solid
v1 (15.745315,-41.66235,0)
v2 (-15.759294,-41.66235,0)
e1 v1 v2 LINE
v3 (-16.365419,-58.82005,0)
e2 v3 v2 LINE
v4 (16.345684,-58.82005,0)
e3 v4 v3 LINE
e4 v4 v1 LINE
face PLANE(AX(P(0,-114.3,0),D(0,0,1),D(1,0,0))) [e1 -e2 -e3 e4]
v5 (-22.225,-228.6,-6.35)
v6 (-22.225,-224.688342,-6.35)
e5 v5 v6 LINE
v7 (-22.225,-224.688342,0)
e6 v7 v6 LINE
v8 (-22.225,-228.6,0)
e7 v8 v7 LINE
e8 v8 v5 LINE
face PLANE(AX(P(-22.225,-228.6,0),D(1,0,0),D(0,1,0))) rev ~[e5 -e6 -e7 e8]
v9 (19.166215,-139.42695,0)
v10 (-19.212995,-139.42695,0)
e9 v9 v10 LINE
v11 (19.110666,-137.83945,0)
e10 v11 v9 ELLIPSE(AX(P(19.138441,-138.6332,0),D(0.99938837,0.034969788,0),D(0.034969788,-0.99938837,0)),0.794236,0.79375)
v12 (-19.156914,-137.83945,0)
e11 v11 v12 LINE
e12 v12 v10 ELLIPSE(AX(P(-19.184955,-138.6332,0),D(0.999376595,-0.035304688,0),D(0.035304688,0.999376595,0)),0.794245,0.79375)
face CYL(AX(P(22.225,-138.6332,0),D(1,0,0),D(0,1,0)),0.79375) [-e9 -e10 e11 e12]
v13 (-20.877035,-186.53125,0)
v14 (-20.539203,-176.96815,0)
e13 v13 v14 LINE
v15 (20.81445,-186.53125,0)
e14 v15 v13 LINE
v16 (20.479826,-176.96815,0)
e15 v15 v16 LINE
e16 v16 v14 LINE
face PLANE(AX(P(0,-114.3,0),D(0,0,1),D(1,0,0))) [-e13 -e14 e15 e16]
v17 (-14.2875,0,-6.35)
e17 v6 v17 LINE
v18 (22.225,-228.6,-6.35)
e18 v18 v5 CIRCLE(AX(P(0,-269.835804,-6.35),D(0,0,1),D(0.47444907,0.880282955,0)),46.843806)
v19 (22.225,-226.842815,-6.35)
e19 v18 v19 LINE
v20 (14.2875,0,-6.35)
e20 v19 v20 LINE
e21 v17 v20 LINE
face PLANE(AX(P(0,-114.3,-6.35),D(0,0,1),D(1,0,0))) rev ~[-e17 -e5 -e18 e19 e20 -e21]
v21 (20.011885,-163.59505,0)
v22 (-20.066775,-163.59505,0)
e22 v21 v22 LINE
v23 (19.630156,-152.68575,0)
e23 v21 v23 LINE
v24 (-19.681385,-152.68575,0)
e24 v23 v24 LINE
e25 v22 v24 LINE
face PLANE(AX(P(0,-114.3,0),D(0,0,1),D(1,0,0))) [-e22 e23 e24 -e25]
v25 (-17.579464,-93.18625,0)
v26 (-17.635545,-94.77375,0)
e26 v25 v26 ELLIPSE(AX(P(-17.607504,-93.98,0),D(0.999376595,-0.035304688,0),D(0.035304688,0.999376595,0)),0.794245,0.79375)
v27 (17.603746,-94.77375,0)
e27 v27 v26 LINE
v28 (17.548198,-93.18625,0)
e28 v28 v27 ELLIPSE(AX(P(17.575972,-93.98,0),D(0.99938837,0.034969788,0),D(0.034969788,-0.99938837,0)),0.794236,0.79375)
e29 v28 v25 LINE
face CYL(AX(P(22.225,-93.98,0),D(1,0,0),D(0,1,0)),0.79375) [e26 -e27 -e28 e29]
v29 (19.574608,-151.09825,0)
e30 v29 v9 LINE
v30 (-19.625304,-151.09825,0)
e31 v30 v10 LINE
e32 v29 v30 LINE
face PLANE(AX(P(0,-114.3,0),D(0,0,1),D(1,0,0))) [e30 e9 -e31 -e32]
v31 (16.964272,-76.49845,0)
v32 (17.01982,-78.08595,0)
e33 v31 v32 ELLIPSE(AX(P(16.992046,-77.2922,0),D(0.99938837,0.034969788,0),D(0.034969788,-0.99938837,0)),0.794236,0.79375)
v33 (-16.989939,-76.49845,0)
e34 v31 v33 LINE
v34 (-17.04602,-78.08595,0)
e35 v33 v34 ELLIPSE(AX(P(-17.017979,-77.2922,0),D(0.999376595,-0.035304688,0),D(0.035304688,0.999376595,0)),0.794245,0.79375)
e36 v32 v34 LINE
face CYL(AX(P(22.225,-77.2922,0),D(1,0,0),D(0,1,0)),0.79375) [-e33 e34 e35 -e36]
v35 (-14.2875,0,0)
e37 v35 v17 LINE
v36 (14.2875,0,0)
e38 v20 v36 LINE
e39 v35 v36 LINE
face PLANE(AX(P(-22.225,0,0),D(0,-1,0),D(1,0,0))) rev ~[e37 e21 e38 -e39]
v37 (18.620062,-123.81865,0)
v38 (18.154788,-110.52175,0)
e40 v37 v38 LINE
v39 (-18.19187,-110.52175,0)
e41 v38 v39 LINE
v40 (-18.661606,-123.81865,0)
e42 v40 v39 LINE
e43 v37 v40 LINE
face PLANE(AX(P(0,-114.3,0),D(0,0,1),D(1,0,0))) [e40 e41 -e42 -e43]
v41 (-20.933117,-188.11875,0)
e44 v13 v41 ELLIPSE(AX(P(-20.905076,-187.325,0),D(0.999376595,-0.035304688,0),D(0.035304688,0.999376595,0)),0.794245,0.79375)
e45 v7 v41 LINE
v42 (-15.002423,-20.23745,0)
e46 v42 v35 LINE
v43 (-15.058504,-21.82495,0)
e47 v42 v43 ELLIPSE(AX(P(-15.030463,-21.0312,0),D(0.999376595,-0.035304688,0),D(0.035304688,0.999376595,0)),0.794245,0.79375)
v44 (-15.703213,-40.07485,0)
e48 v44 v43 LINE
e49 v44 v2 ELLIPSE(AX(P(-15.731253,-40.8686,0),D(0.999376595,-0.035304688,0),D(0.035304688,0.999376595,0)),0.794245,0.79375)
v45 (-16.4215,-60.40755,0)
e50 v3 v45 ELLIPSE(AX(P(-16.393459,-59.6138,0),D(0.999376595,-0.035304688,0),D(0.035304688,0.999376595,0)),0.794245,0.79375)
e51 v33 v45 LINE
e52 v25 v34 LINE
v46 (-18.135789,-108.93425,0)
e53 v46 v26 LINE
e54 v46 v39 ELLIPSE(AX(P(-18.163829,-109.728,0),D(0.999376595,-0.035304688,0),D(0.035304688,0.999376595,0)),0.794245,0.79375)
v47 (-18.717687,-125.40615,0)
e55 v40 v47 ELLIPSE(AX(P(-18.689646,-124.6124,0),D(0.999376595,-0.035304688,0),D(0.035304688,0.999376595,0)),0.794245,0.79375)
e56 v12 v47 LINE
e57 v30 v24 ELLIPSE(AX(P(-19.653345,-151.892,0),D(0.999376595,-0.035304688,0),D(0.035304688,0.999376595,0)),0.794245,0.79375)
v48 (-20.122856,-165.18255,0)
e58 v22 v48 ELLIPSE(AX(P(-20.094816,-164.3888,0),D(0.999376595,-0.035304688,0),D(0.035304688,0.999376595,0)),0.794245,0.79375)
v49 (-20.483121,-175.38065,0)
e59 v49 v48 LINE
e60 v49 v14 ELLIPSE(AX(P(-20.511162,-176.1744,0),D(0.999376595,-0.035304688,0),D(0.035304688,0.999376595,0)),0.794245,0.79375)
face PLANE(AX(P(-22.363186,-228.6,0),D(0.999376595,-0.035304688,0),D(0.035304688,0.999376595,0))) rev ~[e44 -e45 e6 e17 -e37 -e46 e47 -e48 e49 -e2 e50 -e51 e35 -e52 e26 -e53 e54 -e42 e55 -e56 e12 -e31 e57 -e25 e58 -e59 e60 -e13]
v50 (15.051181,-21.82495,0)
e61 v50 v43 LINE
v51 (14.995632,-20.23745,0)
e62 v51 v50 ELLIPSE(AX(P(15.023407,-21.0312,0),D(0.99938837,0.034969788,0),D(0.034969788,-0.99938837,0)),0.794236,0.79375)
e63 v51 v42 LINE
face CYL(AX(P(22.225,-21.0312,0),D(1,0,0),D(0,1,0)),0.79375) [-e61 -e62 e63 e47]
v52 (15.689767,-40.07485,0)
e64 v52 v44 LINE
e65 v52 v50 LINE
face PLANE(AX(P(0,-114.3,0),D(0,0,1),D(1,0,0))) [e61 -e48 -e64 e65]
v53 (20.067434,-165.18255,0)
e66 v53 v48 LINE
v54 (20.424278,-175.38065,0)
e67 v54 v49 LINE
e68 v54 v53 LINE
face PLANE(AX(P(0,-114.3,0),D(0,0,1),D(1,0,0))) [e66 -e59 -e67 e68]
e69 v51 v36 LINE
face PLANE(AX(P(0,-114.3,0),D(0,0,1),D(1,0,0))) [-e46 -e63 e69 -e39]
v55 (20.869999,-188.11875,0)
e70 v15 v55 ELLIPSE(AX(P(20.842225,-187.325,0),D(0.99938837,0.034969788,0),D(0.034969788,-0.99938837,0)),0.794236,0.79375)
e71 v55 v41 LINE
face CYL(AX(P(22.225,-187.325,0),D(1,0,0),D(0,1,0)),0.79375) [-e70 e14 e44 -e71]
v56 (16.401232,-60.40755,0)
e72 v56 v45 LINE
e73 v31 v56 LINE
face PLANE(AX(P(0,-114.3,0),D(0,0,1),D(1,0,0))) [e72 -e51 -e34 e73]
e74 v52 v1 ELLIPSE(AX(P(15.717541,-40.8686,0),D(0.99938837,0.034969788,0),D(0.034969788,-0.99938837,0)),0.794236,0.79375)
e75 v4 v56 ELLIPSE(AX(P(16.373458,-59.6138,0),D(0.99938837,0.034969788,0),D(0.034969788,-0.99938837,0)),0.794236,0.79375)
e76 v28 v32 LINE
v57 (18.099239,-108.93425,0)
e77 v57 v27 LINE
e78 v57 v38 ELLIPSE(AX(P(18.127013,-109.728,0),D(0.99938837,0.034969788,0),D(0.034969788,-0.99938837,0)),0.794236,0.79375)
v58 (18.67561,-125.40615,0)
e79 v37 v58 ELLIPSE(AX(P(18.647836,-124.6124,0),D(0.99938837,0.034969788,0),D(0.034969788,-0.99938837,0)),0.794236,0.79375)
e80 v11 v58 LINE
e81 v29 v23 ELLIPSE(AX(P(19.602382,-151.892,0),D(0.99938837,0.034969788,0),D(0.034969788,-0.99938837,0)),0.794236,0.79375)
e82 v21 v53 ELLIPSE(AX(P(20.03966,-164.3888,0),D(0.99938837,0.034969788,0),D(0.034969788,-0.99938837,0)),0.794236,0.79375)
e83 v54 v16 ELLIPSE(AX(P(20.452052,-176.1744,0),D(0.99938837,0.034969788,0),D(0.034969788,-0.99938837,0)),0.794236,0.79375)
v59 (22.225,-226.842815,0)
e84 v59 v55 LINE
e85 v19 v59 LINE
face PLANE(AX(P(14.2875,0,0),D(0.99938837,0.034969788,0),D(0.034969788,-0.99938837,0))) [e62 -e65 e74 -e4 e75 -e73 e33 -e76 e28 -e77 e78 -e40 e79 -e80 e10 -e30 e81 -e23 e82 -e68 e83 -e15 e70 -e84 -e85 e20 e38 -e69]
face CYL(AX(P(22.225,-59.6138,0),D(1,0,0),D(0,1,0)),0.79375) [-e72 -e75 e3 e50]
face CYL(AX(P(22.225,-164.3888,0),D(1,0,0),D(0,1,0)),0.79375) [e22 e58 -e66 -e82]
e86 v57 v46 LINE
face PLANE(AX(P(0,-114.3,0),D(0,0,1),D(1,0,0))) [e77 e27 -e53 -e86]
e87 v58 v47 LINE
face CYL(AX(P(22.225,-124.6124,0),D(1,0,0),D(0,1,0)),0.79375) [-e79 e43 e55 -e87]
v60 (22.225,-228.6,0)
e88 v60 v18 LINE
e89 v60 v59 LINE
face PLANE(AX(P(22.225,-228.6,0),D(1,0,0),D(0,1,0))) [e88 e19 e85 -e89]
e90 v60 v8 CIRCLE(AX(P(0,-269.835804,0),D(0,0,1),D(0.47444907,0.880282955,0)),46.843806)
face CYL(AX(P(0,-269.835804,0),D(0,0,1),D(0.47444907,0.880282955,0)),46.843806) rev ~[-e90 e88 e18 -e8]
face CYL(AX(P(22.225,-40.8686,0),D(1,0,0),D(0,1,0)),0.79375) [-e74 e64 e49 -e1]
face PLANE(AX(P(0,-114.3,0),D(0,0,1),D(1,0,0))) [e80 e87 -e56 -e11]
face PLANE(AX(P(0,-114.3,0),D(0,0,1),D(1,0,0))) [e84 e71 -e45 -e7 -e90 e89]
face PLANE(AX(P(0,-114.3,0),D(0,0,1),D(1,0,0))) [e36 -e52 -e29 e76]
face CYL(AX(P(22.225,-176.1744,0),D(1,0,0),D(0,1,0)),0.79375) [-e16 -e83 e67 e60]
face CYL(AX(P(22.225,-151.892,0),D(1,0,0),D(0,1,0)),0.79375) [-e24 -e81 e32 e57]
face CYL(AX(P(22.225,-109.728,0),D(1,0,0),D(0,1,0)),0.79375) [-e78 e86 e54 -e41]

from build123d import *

# Parameters (mm, degrees)
F0_W     = 44.45
F0_H     = 228.6
F1_DEPTH = 6.35
F3_DEPTH = 44.45
F5_DEPTH = 12.7
F7_DEPTH = 25.4


with BuildPart() as f1:
    # F0 (on Top) → F1 (new body)
    with BuildSketch(Plane.XY):
        with Locations((0, -114.3)):
            Rectangle(F0_W, F0_H)
    extrude(amount=-F1_DEPTH)

    # F2 (on face) → F3 (join)
    with BuildSketch(Plane.YZ.offset(22.225)):
        with BuildLine():
            ThreePointArc((-21.82495, 0), (-21.592466, -0.561266), (-21.0312, -0.79375))
            Line((-21.0312, -0.79375), (-21.0312, 0))
            Line((-21.0312, 0), (-21.82495, 0))
        make_face()
        with BuildLine():
            Line((-21.0312, 0), (-21.0312, -0.79375))
            ThreePointArc((-21.0312, -0.79375), (-20.469934, -0.561266), (-20.23745, 0))
            Line((-20.23745, 0), (-21.0312, 0))
        make_face()
        with BuildLine():
            ThreePointArc((-41.66235, 0), (-41.429866, -0.561266), (-40.8686, -0.79375))
            Line((-40.8686, -0.79375), (-40.8686, 0))
            Line((-40.8686, 0), (-41.66235, 0))
        make_face()
        with BuildLine():
            Line((-40.8686, 0), (-40.8686, -0.79375))
            ThreePointArc((-40.8686, -0.79375), (-40.307334, -0.561266), (-40.07485, 0))
            Line((-40.07485, 0), (-40.8686, 0))
        make_face()
        with BuildLine():
            ThreePointArc((-60.40755, 0), (-60.175066, -0.561266), (-59.6138, -0.79375))
            Line((-59.6138, -0.79375), (-59.6138, 0))
            Line((-59.6138, 0), (-60.40755, 0))
        make_face()
        with BuildLine():
            Line((-59.6138, 0), (-59.6138, -0.79375))
            ThreePointArc((-59.6138, -0.79375), (-59.052534, -0.561266), (-58.82005, 0))
            Line((-58.82005, 0), (-59.6138, 0))
        make_face()
        with BuildLine():
            ThreePointArc((-78.08595, 0), (-77.853466, -0.561266), (-77.2922, -0.79375))
            Line((-77.2922, -0.79375), (-77.2922, 0))
            Line((-77.2922, 0), (-78.08595, 0))
        make_face()
        with BuildLine():
            Line((-77.2922, 0), (-77.2922, -0.79375))
            ThreePointArc((-77.2922, -0.79375), (-76.730934, -0.561266), (-76.49845, 0))
            Line((-76.49845, 0), (-77.2922, 0))
        make_face()
        with BuildLine():
            ThreePointArc((-94.77375, 0), (-94.541266, -0.561266), (-93.98, -0.79375))
            Line((-93.98, -0.79375), (-93.98, 0))
            Line((-93.98, 0), (-94.77375, 0))
        make_face()
        with BuildLine():
            Line((-93.98, 0), (-93.98, -0.79375))
            ThreePointArc((-93.98, -0.79375), (-93.418734, -0.561266), (-93.18625, 0))
            Line((-93.18625, 0), (-93.98, 0))
        make_face()
        with BuildLine():
            ThreePointArc((-110.52175, 0), (-110.289266, -0.561266), (-109.728, -0.79375))
            Line((-109.728, -0.79375), (-109.728, 0))
            Line((-109.728, 0), (-110.52175, 0))
        make_face()
        with BuildLine():
            Line((-109.728, 0), (-109.728, -0.79375))
            ThreePointArc((-109.728, -0.79375), (-109.166734, -0.561266), (-108.93425, 0))
            Line((-108.93425, 0), (-109.728, 0))
        make_face()
        with BuildLine():
            ThreePointArc((-125.40615, 0), (-125.173666, -0.561266), (-124.6124, -0.79375))
            Line((-124.6124, -0.79375), (-124.6124, 0))
            Line((-124.6124, 0), (-125.40615, 0))
        make_face()
        with BuildLine():
            Line((-124.6124, 0), (-124.6124, -0.79375))
            ThreePointArc((-124.6124, -0.79375), (-124.051134, -0.561266), (-123.81865, 0))
            Line((-123.81865, 0), (-124.6124, 0))
        make_face()
        with BuildLine():
            ThreePointArc((-139.42695, 0), (-139.194466, -0.561266), (-138.6332, -0.79375))
            Line((-138.6332, -0.79375), (-138.6332, 0))
            Line((-138.6332, 0), (-139.42695, 0))
        make_face()
        with BuildLine():
            Line((-138.6332, 0), (-138.6332, -0.79375))
            ThreePointArc((-138.6332, -0.79375), (-138.071934, -0.561266), (-137.83945, 0))
            Line((-137.83945, 0), (-138.6332, 0))
        make_face()
        with BuildLine():
            ThreePointArc((-152.68575, 0), (-152.453266, -0.561266), (-151.892, -0.79375))
            Line((-151.892, -0.79375), (-151.892, 0))
            Line((-151.892, 0), (-152.68575, 0))
        make_face()
        with BuildLine():
            Line((-151.892, 0), (-151.892, -0.79375))
            ThreePointArc((-151.892, -0.79375), (-151.330734, -0.561266), (-151.09825, 0))
            Line((-151.09825, 0), (-151.892, 0))
        make_face()
        with BuildLine():
            ThreePointArc((-165.18255, 0), (-164.950066, -0.561266), (-164.3888, -0.79375))
            Line((-164.3888, -0.79375), (-164.3888, 0))
            Line((-164.3888, 0), (-165.18255, 0))
        make_face()
        with BuildLine():
            Line((-164.3888, 0), (-164.3888, -0.79375))
            ThreePointArc((-164.3888, -0.79375), (-163.827534, -0.561266), (-163.59505, 0))
            Line((-163.59505, 0), (-164.3888, 0))
        make_face()
        with BuildLine():
            ThreePointArc((-176.96815, 0), (-176.735666, -0.561266), (-176.1744, -0.79375))
            Line((-176.1744, -0.79375), (-176.1744, 0))
            Line((-176.1744, 0), (-176.96815, 0))
        make_face()
        with BuildLine():
            Line((-176.1744, 0), (-176.1744, -0.79375))
            ThreePointArc((-176.1744, -0.79375), (-175.613134, -0.561266), (-175.38065, 0))
            Line((-175.38065, 0), (-176.1744, 0))
        make_face()
        with BuildLine():
            ThreePointArc((-188.11875, 0), (-187.886266, -0.561266), (-187.325, -0.79375))
            Line((-187.325, -0.79375), (-187.325, 0))
            Line((-187.325, 0), (-188.11875, 0))
        make_face()
        with BuildLine():
            Line((-187.325, 0), (-187.325, -0.79375))
            ThreePointArc((-187.325, -0.79375), (-186.763734, -0.561266), (-186.53125, 0))
            Line((-186.53125, 0), (-187.325, 0))
        make_face()
        with BuildLine():
            Line((-40.8686, 0), (-40.07485, 0))
            ThreePointArc((-40.07485, 0), (-40.8686, 0.79375), (-41.66235, 0))
            Line((-41.66235, 0), (-40.8686, 0))
        make_face()
        with BuildLine():
            Line((-59.6138, 0), (-58.82005, 0))
            ThreePointArc((-58.82005, 0), (-59.6138, 0.79375), (-60.40755, 0))
            Line((-60.40755, 0), (-59.6138, 0))
        make_face()
        with BuildLine():
            Line((-77.2922, 0), (-76.49845, 0))
            ThreePointArc((-76.49845, 0), (-77.2922, 0.79375), (-78.08595, 0))
            Line((-78.08595, 0), (-77.2922, 0))
        make_face()
        with BuildLine():
            Line((-93.98, 0), (-93.18625, 0))
            ThreePointArc((-93.18625, 0), (-93.98, 0.79375), (-94.77375, 0))
            Line((-94.77375, 0), (-93.98, 0))
        make_face()
        with BuildLine():
            Line((-109.728, 0), (-108.93425, 0))
            ThreePointArc((-108.93425, 0), (-109.728, 0.79375), (-110.52175, 0))
            Line((-110.52175, 0), (-109.728, 0))
        make_face()
        with BuildLine():
            Line((-124.6124, 0), (-123.81865, 0))
            ThreePointArc((-123.81865, 0), (-124.6124, 0.79375), (-125.40615, 0))
            Line((-125.40615, 0), (-124.6124, 0))
        make_face()
        with BuildLine():
            Line((-138.6332, 0), (-137.83945, 0))
            ThreePointArc((-137.83945, 0), (-138.6332, 0.79375), (-139.42695, 0))
            Line((-139.42695, 0), (-138.6332, 0))
        make_face()
        with BuildLine():
            Line((-151.892, 0), (-151.09825, 0))
            ThreePointArc((-151.09825, 0), (-151.892, 0.79375), (-152.68575, 0))
            Line((-152.68575, 0), (-151.892, 0))
        make_face()
        with BuildLine():
            Line((-164.3888, 0), (-163.59505, 0))
            ThreePointArc((-163.59505, 0), (-164.3888, 0.79375), (-165.18255, 0))
            Line((-165.18255, 0), (-164.3888, 0))
        make_face()
        with BuildLine():
            Line((-176.1744, 0), (-175.38065, 0))
            ThreePointArc((-175.38065, 0), (-176.1744, 0.79375), (-176.96815, 0))
            Line((-176.96815, 0), (-176.1744, 0))
        make_face()
        with BuildLine():
            Line((-187.325, 0), (-186.53125, 0))
            ThreePointArc((-186.53125, 0), (-187.325, 0.79375), (-188.11875, 0))
            Line((-188.11875, 0), (-187.325, 0))
        make_face()
        with BuildLine():
            Line((-21.82495, 0), (-21.0312, 0))
            Line((-21.0312, 0), (-20.23745, 0))
            ThreePointArc((-20.23745, 0), (-21.0312, 0.79375), (-21.82495, 0))
        make_face()
    extrude(amount=-F3_DEPTH)

    # F4 (on Top) → F5 (cut, symmetric)
    with BuildSketch(Plane.XY):
        Polygon((22.286486, 0), (14.2875, 0), (22.286486, -228.6), align=None)
        Polygon((-14.2875, 0), (-22.363186, 0), (-22.363186, -228.6), align=None)
    extrude(amount=F5_DEPTH, both=True, mode=Mode.SUBTRACT)

    # F6 (on face) → F7 (cut)
    with BuildSketch(Plane.XY):
        with BuildLine():
            Line((-22.225, -228.6), (22.225, -228.6))
            ThreePointArc((22.225, -228.6), (0, -222.991998), (-22.225, -228.6))
        make_face()
    extrude(amount=-F7_DEPTH, mode=Mode.SUBTRACT)


solid = f1.part
